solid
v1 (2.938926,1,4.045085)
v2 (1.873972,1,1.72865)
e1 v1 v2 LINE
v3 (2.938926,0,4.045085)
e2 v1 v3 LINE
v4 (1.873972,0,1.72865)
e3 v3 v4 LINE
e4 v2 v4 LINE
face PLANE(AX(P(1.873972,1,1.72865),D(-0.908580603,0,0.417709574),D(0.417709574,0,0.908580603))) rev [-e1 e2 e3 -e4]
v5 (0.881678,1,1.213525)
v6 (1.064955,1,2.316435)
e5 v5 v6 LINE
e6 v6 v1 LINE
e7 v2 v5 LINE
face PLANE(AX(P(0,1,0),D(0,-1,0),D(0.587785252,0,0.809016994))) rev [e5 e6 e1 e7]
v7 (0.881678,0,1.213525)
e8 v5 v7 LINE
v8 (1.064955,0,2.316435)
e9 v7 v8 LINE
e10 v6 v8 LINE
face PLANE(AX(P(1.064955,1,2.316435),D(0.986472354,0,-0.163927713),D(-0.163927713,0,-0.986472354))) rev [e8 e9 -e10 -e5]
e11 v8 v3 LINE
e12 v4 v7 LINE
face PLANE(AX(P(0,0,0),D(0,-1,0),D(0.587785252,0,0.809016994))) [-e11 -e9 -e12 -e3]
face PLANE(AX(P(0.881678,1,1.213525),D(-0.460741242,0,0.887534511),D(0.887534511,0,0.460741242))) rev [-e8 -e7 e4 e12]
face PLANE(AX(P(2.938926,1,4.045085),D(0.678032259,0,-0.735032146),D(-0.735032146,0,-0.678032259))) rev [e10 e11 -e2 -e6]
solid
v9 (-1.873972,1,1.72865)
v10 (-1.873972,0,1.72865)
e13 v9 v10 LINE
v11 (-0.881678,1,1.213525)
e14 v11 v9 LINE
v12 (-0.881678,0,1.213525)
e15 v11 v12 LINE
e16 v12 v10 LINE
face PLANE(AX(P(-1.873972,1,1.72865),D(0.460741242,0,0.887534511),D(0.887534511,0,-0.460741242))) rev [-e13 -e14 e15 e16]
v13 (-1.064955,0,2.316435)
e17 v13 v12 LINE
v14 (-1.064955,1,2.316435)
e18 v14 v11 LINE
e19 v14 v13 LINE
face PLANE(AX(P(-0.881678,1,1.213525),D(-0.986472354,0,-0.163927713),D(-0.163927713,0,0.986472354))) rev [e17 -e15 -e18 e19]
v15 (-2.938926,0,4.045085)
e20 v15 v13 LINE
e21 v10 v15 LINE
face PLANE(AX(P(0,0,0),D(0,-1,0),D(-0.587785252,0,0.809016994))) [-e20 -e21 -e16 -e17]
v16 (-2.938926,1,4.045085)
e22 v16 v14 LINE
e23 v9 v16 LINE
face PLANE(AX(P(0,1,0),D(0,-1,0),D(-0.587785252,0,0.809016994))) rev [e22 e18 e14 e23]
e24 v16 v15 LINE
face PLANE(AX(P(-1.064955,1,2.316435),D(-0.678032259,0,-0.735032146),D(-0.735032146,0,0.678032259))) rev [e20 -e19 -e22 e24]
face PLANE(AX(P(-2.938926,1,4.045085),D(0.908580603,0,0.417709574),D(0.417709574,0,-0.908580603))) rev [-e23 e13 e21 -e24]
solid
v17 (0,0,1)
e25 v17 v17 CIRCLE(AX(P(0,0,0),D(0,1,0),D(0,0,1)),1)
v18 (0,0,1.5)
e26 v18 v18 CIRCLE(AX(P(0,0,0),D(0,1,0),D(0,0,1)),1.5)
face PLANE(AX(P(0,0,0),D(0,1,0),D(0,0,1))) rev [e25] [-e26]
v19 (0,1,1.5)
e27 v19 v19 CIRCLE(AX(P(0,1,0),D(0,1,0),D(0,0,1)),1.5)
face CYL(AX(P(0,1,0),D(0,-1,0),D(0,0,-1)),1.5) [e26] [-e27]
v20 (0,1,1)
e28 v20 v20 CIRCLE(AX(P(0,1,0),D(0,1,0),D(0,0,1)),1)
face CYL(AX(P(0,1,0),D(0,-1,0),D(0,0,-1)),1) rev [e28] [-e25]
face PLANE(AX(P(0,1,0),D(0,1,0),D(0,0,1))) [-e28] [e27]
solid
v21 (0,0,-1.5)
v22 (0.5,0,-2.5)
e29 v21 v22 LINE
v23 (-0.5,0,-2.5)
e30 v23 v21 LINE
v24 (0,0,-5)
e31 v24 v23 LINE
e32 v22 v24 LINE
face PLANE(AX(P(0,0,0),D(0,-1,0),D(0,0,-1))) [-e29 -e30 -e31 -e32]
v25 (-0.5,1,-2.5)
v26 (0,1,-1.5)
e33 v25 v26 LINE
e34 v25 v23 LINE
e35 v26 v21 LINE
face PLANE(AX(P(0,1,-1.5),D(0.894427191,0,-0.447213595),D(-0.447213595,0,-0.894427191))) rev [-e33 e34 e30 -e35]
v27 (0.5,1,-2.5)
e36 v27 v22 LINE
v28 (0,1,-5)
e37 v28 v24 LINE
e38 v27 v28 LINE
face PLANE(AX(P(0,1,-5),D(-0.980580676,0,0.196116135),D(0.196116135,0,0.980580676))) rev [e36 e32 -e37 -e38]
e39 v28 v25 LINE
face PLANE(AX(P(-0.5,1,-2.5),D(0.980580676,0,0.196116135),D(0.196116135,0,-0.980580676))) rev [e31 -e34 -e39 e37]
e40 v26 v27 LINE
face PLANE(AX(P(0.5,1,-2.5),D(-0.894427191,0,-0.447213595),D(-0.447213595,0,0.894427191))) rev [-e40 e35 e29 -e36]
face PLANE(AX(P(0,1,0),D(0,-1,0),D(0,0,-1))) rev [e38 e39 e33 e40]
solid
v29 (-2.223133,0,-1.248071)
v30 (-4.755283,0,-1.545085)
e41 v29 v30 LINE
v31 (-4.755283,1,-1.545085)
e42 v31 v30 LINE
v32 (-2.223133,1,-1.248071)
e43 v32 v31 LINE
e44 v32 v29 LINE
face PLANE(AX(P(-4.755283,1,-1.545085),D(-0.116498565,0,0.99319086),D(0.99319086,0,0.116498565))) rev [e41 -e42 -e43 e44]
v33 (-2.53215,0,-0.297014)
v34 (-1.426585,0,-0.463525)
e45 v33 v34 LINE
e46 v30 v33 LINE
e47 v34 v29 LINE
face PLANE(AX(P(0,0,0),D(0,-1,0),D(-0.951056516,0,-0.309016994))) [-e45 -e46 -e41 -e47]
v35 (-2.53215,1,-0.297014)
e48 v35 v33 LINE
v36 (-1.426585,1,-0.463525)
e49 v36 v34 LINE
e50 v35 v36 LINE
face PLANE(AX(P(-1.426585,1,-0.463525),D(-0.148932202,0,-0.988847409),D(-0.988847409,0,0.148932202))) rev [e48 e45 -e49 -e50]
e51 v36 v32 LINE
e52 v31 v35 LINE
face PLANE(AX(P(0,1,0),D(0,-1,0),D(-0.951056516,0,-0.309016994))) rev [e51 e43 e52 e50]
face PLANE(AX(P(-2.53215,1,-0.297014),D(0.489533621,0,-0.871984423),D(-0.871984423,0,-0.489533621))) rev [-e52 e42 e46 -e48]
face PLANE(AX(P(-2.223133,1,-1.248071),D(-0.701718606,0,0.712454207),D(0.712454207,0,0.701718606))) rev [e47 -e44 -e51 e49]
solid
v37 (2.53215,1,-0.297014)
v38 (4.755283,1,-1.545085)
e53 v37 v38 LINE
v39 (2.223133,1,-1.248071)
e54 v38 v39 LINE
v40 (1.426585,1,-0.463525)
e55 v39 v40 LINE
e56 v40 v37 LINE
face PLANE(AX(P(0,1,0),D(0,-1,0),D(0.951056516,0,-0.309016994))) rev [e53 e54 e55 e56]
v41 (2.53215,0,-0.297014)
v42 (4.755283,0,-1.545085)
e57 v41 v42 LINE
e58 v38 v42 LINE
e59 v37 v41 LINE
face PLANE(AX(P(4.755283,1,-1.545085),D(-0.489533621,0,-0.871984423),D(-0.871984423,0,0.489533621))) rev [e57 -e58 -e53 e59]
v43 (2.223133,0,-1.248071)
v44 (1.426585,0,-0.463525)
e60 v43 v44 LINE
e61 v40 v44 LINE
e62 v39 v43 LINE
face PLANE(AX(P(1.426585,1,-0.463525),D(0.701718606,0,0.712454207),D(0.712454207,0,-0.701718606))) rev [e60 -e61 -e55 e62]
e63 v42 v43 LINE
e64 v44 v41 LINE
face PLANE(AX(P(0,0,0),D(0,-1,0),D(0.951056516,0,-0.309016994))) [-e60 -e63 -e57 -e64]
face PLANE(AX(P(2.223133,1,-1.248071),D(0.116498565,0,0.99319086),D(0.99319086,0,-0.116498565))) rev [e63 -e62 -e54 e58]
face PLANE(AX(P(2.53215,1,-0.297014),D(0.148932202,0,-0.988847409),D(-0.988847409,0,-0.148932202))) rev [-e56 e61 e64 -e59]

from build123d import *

# Parameters (mm, degrees)
SKETCH1_R           = 1.5
SKETCH1_R_2         = 1
BOSS_EXTRUDE2_DEPTH = 1
BOSS_EXTRUDE3_DEPTH = 1
CIRPATTERN9_COUNT   = 5


with BuildPart() as part:
    # Sketch1 → Boss-Extrude2 (new body)
    with BuildSketch(Plane(origin=(0, 0, 0), x_dir=(1, 0, 0), z_dir=(0, 1, 0))):
        Circle(SKETCH1_R)
        Circle(SKETCH1_R_2, mode=Mode.SUBTRACT)
    extrude(amount=BOSS_EXTRUDE2_DEPTH)


with BuildPart() as body_2:
    # Sketch2 → Boss-Extrude3 (new body)
    with BuildSketch(Plane(origin=(0, 0, 0), x_dir=(1, 0, 0), z_dir=(0, 1, 0))):
        Polygon((0, 1.5), (-0.5, 2.5), (0, 5), (0.5, 2.5), align=None)
    extrude(amount=BOSS_EXTRUDE3_DEPTH)


with BuildPart() as cirpattern9_1:
    # CirPattern9: pattern copy
    add(body_2.part.rotate(Axis((0, 1, 0), (0, -1, 0)), 1 * 360 / CIRPATTERN9_COUNT))


with BuildPart() as cirpattern9_2:
    # CirPattern9: pattern copy
    add(body_2.part.rotate(Axis((0, 1, 0), (0, -1, 0)), 2 * 360 / CIRPATTERN9_COUNT))


with BuildPart() as cirpattern9_3:
    # CirPattern9: pattern copy
    add(body_2.part.rotate(Axis((0, 1, 0), (0, -1, 0)), 3 * 360 / CIRPATTERN9_COUNT))


with BuildPart() as cirpattern9_4:
    # CirPattern9: pattern copy
    add(body_2.part.rotate(Axis((0, 1, 0), (0, -1, 0)), 4 * 360 / CIRPATTERN9_COUNT))


solid = Compound([part.part, body_2.part, cirpattern9_1.part, cirpattern9_2.part, cirpattern9_3.part, cirpattern9_4.part])
